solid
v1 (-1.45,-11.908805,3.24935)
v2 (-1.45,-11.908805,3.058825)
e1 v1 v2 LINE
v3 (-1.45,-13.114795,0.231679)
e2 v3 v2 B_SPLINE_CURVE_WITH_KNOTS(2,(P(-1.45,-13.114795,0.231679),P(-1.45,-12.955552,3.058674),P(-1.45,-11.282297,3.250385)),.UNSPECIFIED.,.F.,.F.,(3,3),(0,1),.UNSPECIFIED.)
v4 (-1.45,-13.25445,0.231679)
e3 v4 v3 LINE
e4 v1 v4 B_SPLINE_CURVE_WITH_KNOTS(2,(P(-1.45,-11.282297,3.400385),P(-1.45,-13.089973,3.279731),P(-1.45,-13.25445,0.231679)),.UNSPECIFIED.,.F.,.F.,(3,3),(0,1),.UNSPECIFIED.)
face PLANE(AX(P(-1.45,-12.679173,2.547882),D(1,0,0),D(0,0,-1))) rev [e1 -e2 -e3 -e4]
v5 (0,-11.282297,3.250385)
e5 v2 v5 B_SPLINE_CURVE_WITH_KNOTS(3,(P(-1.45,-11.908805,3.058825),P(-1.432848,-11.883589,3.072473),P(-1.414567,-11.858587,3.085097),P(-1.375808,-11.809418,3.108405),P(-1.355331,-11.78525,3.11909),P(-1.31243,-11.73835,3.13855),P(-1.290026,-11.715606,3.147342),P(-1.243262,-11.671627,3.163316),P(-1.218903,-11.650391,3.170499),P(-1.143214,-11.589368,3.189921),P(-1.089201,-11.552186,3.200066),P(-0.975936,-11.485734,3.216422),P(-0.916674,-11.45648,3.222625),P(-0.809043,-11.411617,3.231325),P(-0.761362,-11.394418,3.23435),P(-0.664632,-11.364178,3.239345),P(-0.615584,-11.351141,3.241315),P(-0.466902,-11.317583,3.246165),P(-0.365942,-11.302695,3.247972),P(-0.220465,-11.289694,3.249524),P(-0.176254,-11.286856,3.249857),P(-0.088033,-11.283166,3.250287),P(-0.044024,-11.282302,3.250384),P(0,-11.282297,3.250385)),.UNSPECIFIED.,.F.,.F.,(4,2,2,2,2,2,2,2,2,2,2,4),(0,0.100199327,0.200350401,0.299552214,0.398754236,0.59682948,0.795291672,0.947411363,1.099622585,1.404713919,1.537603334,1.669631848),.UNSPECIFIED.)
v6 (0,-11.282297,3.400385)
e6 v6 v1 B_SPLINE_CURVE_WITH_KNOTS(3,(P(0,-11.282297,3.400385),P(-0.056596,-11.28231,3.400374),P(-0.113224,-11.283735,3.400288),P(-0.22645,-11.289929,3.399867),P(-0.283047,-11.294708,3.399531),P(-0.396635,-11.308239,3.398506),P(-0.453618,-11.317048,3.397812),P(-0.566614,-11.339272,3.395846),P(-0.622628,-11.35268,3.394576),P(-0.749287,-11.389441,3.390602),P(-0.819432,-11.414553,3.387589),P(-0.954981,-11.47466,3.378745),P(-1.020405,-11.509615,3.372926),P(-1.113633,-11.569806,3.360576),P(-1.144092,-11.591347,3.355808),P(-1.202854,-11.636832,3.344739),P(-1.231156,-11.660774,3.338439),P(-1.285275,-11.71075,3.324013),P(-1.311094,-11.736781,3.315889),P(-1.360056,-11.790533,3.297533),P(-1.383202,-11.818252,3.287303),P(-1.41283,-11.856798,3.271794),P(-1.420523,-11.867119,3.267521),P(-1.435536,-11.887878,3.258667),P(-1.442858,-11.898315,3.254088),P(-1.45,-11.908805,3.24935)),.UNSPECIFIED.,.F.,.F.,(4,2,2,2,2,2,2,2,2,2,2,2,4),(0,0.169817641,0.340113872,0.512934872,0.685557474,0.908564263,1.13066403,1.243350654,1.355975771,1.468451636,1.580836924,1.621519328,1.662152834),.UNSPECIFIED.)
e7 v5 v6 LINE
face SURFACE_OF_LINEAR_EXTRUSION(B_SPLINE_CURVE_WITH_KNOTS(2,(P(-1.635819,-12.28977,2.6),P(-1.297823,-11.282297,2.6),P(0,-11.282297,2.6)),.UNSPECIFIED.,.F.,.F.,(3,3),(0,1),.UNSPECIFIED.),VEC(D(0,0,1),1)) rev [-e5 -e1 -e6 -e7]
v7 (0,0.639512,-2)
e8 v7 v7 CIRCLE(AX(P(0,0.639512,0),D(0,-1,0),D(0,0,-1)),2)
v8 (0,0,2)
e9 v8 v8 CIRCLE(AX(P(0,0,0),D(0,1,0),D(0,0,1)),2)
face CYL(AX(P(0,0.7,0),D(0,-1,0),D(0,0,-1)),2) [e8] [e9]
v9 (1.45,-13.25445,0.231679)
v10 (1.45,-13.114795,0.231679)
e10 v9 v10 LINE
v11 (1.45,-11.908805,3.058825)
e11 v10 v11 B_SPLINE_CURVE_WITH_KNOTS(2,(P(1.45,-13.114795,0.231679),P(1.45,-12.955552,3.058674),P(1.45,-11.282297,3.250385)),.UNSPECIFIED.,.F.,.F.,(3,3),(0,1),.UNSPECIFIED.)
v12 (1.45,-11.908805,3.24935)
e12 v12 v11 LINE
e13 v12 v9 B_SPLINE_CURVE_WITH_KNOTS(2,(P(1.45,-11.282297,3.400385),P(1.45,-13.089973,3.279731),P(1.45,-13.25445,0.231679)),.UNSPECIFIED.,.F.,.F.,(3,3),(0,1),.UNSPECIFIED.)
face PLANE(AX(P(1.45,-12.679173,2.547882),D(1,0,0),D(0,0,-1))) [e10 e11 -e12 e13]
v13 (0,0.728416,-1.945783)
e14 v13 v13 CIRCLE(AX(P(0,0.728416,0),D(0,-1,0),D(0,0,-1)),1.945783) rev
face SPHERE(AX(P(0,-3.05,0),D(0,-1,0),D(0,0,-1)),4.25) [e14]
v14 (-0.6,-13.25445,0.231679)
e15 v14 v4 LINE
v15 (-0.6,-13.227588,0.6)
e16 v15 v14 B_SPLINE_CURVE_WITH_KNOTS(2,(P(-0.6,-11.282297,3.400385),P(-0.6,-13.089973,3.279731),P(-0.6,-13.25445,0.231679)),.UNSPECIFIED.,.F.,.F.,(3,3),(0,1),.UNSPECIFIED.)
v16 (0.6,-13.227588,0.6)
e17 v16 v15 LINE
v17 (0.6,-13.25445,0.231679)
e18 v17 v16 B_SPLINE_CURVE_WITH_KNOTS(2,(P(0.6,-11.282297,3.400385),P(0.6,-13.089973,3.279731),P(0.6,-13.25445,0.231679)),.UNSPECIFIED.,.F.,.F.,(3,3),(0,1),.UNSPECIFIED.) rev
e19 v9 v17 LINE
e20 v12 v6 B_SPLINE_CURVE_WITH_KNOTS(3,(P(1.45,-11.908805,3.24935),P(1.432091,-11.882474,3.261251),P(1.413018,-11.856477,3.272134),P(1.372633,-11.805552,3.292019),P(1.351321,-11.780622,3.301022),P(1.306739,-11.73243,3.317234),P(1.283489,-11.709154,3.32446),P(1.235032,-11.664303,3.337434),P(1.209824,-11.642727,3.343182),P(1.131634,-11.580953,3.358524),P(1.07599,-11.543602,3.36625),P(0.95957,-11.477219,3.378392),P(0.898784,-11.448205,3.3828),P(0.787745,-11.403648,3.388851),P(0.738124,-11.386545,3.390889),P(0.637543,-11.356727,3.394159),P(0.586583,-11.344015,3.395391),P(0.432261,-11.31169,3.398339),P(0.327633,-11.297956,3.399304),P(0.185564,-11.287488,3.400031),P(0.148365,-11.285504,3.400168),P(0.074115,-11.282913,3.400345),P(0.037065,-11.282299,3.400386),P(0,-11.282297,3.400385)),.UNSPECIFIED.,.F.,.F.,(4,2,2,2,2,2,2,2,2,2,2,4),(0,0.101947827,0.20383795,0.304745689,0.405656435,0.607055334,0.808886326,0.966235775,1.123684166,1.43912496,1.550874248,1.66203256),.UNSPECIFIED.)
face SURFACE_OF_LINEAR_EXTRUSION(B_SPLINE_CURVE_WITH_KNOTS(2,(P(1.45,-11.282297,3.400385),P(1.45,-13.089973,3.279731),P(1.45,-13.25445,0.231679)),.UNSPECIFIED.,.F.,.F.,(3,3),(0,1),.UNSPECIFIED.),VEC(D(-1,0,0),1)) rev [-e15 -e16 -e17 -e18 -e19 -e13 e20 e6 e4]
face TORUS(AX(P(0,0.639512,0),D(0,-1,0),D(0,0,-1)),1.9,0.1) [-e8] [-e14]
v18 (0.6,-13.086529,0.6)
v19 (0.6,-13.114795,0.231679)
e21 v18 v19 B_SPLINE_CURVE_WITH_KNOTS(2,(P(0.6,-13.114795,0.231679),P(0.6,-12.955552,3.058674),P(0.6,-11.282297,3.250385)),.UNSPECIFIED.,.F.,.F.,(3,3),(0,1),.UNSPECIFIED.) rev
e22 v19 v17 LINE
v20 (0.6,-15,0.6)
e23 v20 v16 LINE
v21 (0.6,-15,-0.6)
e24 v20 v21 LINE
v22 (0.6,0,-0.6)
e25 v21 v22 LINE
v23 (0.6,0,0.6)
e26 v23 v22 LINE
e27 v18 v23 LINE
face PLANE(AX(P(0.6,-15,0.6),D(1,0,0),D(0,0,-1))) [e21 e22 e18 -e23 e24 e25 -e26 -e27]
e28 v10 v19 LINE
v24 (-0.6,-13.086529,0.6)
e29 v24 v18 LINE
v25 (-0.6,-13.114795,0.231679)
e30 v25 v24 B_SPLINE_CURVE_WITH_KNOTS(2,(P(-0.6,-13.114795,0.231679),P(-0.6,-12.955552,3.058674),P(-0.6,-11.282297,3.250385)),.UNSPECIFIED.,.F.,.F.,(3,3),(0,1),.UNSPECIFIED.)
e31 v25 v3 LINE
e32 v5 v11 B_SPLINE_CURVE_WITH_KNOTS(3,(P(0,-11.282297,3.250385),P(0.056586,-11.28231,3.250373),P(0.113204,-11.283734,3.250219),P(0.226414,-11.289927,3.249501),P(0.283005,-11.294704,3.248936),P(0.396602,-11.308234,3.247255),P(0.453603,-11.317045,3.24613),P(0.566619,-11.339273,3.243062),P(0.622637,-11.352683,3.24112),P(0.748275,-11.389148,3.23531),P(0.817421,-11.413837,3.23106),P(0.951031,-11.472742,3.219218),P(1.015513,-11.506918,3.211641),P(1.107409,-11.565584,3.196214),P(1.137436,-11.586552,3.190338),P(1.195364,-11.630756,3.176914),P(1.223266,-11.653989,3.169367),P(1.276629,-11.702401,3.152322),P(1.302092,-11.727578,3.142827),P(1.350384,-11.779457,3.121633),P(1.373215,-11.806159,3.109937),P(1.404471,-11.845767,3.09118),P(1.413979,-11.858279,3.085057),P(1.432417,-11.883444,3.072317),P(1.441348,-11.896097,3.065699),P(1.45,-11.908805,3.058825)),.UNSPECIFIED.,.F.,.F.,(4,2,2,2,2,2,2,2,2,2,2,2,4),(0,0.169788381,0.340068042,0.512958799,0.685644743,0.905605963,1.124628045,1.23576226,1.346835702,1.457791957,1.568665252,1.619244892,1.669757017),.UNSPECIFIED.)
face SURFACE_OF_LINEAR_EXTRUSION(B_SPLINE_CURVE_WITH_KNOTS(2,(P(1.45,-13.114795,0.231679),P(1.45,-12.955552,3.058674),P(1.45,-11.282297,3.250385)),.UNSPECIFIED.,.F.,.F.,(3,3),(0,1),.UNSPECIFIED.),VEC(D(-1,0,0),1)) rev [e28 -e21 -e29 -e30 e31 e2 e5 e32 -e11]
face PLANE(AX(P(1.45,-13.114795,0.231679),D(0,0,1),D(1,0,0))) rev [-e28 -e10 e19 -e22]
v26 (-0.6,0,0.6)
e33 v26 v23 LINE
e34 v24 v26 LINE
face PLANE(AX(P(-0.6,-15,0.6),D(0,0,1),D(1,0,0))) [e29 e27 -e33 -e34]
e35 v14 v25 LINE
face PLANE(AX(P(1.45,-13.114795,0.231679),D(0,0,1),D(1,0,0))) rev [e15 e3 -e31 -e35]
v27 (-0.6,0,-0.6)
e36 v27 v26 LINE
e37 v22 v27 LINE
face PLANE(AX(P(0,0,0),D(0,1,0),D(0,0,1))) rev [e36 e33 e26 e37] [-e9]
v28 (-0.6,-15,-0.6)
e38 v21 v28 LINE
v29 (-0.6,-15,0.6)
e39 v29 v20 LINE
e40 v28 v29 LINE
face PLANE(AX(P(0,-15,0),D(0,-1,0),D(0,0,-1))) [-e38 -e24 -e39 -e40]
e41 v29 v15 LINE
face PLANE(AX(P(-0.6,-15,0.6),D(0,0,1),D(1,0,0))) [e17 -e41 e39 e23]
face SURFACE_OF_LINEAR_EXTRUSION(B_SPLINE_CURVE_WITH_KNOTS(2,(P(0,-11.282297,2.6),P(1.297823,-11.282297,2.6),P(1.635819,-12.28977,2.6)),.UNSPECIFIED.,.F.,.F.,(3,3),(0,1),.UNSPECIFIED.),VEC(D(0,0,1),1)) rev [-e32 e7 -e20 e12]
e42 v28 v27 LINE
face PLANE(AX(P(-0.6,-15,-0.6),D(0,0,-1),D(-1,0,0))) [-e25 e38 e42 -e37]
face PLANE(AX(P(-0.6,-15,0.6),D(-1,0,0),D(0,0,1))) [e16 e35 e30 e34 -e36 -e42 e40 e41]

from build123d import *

# Parameters (mm, degrees)
SKETCH1_W           = 1.2
SKETCH1_H           = 1.2
BOSS_EXTRUDE1_DEPTH = 15
SKETCH2_R           = 2
BOSS_EXTRUDE2_DEPTH = 0.7
DOME1_FACE_RADIUS   = 2
DOME1_HEIGHT        = 0.5
FILLET1_R           = 0.1
BOSS_EXTRUDE4_DEPTH = 1.45
CUT_EXTRUDE1_DEPTH  = 1


with BuildPart() as part:
    # Sketch1 → Boss-Extrude1 (new body)
    with BuildSketch(Plane(origin=(0, 0, 0), x_dir=(1, 0, 0), z_dir=(0, 1, 0))):
        Rectangle(SKETCH1_W, SKETCH1_H)
    extrude(amount=-BOSS_EXTRUDE1_DEPTH)

    # Sketch2 → Boss-Extrude2 (add)
    with BuildSketch(Plane(origin=(0, 0, 0), x_dir=(1, 0, 0), z_dir=(0, 1, 0))):
        Circle(SKETCH2_R)
    extrude(amount=BOSS_EXTRUDE2_DEPTH)

    # Dome1: a dome of height H over a round flat face of radius A is a cap of a sphere of radius (A * A + H * H) / (2 * H)
    dome1_r = (DOME1_FACE_RADIUS * DOME1_FACE_RADIUS + DOME1_HEIGHT * DOME1_HEIGHT) / (2 * DOME1_HEIGHT)
    dome1_base = Plane((0, 0.7, 0), z_dir=(0, 1, 0))
    with Locations(dome1_base.offset(DOME1_HEIGHT - dome1_r)):
        dome1_ball = Sphere(dome1_r, mode=Mode.PRIVATE)
    add(split(dome1_ball, bisect_by=dome1_base, keep=Keep.TOP, mode=Mode.PRIVATE))

    # Fillet1
    fillet1_edges = [part.edges().sort_by_distance(p)[0] for p in [
        (1.414213562, 0.7, 1.414213562),
    ]]
    fillet(fillet1_edges, radius=FILLET1_R)

    # Sketch4 → Boss-Extrude4 (add, symmetric)
    with BuildSketch(Plane(origin=(0, 0, 0), x_dir=(0, 0, -1), z_dir=(1, 0, 0))):
        with BuildLine():
            Line((-3.400384666, -11.282296636), (-3.250384666, -11.282296636))
            add(Edge.make_bspline(
                [(-3.250384666, -11.282296636), (-3.058673713, -12.955552301), (-0.231679409, -13.114795391)],
                knots=[0, 0, 0, 1, 1, 1], degree=2))
            Line((-0.231679409, -13.114795391), (-0.231679409, -13.25444953))
            add(Edge.make_bspline(
                [(-0.231679409, -13.25444953), (-3.279731306, -13.089972513), (-3.400384666, -11.282296636)],
                knots=[0, 0, 0, 1, 1, 1], degree=2))
        make_face()
    extrude(amount=BOSS_EXTRUDE4_DEPTH, both=True)

    # Sketch5 → Cut-Extrude1 (cut)
    with BuildSketch(Plane.XY.offset(3.6)):
        with BuildLine():
            Line((-1.635819389, -12.289770392), (-1.922071278, -12.289770392))
            Line((-1.922071278, -12.289770392), (-2.158832672, -10.523660328))
            Line((-2.158832672, -10.523660328), (2.212133916, -10.523660328))
            Line((2.212133916, -10.523660328), (1.968647058, -12.372871294))
            Line((1.968647058, -12.372871294), (1.635819389, -12.289770392))
            add(Edge.make_bspline(
                [(0, -11.282296636), (1.297822629, -11.282296636), (1.635819389, -12.289770392)],
                knots=[0, 0, 0, 1, 1, 1], degree=2))
            add(Edge.make_bspline(
                [(0, -11.282296636), (-1.297822629, -11.282296636), (-1.635819389, -12.289770392)],
                knots=[0, 0, 0, 1, 1, 1], degree=2))
        make_face()
    extrude(amount=-CUT_EXTRUDE1_DEPTH, mode=Mode.SUBTRACT)


solid = part.part
